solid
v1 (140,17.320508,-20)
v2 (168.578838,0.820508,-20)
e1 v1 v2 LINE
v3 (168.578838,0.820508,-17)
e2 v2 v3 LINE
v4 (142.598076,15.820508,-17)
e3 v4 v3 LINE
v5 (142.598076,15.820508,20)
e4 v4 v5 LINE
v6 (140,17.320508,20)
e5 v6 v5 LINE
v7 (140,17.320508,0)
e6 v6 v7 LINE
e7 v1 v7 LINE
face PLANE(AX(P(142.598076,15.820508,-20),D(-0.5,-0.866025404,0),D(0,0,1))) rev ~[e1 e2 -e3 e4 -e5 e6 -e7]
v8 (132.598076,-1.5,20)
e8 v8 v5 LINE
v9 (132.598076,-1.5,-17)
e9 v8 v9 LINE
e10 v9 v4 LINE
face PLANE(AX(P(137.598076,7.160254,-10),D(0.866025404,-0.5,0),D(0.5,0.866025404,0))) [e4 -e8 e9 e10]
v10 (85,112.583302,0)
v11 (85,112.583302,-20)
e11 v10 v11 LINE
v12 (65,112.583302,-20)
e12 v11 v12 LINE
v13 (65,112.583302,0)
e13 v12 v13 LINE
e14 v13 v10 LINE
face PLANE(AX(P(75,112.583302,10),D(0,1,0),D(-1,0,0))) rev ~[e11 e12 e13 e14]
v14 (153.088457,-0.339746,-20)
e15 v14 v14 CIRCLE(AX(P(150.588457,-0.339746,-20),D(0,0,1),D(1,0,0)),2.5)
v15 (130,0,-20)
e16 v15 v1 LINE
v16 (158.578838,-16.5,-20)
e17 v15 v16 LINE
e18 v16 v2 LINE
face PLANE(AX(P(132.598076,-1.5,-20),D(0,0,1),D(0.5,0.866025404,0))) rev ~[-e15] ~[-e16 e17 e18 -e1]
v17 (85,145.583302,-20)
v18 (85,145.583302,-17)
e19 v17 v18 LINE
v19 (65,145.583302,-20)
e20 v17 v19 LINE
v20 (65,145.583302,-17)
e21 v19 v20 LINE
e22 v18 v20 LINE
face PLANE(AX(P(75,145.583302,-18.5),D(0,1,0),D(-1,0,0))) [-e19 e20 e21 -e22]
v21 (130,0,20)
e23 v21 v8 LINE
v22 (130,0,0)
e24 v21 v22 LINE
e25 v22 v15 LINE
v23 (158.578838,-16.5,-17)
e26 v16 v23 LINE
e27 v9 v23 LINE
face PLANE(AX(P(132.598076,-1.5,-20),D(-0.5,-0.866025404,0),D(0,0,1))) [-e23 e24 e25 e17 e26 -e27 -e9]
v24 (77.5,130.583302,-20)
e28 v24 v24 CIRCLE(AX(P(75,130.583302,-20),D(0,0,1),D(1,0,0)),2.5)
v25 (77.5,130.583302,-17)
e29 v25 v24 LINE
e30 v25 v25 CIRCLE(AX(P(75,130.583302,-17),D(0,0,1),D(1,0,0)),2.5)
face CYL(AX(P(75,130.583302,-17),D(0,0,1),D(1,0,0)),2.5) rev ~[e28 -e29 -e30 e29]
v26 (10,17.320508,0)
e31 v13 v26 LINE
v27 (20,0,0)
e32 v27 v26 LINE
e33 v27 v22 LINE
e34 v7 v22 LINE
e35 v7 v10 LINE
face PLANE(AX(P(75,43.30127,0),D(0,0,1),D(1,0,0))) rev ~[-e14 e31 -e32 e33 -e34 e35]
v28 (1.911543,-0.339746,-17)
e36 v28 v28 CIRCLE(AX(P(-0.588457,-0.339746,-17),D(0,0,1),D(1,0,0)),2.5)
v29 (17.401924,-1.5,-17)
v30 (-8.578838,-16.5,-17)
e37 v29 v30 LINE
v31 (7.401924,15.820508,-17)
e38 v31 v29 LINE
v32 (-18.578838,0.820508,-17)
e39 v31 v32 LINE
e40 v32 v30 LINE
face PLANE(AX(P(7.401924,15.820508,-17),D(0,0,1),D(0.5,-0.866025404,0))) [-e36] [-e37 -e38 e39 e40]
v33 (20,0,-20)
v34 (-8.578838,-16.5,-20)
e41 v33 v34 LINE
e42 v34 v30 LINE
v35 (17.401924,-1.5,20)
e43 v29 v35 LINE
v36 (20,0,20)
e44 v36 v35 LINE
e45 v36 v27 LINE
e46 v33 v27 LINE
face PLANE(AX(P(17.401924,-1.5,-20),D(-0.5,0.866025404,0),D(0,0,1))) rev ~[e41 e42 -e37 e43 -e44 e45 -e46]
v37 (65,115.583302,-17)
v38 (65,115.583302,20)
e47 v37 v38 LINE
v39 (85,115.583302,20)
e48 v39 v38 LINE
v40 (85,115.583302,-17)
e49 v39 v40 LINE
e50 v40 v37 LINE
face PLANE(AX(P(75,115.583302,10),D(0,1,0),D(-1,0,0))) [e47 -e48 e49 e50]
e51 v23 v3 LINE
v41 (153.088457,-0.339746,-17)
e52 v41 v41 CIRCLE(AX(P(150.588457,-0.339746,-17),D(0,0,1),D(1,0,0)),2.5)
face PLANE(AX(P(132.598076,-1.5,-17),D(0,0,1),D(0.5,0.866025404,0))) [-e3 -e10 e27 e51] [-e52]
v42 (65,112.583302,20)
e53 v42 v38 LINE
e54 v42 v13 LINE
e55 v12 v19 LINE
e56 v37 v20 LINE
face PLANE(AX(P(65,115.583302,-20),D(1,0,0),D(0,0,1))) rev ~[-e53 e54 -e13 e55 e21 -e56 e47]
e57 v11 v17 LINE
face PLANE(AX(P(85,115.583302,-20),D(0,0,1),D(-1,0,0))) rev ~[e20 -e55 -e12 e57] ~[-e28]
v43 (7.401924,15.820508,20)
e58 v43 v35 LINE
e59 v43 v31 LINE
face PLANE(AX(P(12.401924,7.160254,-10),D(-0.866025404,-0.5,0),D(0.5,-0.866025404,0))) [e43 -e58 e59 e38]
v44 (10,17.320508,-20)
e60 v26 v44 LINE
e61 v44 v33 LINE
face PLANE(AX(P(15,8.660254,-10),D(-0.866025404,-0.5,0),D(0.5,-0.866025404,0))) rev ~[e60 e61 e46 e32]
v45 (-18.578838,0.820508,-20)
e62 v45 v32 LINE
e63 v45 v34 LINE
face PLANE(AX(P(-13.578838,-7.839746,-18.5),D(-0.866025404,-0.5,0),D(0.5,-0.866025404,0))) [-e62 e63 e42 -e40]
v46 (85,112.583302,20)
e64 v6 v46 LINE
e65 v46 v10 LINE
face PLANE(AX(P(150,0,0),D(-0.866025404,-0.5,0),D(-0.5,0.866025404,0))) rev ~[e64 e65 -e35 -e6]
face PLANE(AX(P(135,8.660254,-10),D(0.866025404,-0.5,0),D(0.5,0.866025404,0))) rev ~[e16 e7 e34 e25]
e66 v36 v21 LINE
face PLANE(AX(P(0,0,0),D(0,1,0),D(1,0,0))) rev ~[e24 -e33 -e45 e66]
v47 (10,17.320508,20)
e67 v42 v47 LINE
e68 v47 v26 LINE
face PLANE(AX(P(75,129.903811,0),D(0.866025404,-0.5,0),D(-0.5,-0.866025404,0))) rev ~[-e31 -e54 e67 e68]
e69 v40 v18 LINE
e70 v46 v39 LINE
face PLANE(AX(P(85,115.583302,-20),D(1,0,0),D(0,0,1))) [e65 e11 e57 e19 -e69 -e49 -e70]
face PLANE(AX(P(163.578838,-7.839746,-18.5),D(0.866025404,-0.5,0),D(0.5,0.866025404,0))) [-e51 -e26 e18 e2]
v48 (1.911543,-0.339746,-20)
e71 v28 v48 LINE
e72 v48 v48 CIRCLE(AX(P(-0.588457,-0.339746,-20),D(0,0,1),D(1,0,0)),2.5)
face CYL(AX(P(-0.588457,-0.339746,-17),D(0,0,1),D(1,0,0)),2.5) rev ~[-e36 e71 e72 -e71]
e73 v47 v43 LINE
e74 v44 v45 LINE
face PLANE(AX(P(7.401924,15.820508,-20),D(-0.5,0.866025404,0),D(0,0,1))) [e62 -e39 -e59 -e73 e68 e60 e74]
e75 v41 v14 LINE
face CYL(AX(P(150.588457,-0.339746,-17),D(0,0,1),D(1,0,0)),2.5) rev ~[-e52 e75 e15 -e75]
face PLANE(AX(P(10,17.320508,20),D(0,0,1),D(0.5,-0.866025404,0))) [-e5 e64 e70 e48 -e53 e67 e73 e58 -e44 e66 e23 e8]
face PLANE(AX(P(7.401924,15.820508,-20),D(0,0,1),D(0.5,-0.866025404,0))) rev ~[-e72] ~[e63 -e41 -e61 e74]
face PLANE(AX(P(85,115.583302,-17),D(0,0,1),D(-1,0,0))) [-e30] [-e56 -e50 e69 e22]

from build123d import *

# Parameters (mm, degrees)
F1_DEPTH  = 20
F3_DEPTH  = 20.001
F4_W      = 20
F4_H      = 20
F5_DEPTH  = 3
F6_W      = 20
F6_H      = 3
F7_DEPTH  = 30
F8_R      = 2.5
F9_DEPTH  = 3.001
F10_W     = 20
F10_H     = 20
F11_DEPTH = 3
F12_W     = 20
F12_H     = 3
F13_DEPTH = 30
F14_R     = 2.5
F15_DEPTH = 3.001
F16_W     = 20
F16_H     = 20
F17_DEPTH = 3
F18_W     = 20
F18_H     = 3
F19_DEPTH = 30
F20_R     = 2.5
F21_DEPTH = 3.001


with BuildPart() as f1:
    # F0 (on Top) → F1 (new body)
    with BuildSketch(Plane.XY):
        Polygon((0, 0), (150, 0), (75, 129.9038105677), align=None)
    extrude(amount=F1_DEPTH)

    # F2 (on face) → F3 (cut, through all)
    with BuildSketch(Plane.XY.offset(20)):
        Polygon((75, 129.9038105677), (65, 112.583302492), (85, 112.583302492), align=None)
        Polygon((20, 0), (10, 17.3205080757), (0, 0), align=None)
        Polygon((140, 17.3205080757), (130, 0), (150, 0), align=None)
    extrude(amount=-F3_DEPTH, mode=Mode.SUBTRACT)

    # F4 (on face) → F5 (join)
    with BuildSketch(Plane(origin=(97.5, -56.291651246, 0), x_dir=(0.5, 0.8660254038, 0), z_dir=(0.8660254038, -0.5, 0))):
        with Locations((75, -10)):
            Rectangle(F4_W, F4_H)
        with Locations((75, 10)):
            Rectangle(F4_W, F4_H)
    extrude(amount=F5_DEPTH)

    # F6 (on face) → F7 (join)
    with BuildSketch(Plane(origin=(100.0980762114, -57.791651246, 0), x_dir=(0.5, 0.8660254038, 0), z_dir=(0.8660254038, -0.5, 0))):
        with Locations((75, -18.5)):
            Rectangle(F6_W, F6_H)
    extrude(amount=F7_DEPTH)

    # F8 (on face) → F9 (cut, through all)
    with BuildSketch(Plane.XY.offset(-17)):
        with Locations((150.5884572681, -0.3397459622)):
            Circle(F8_R)
    extrude(amount=-F9_DEPTH, mode=Mode.SUBTRACT)

    # F10 (on face) → F11 (join)
    with BuildSketch(Plane(origin=(0, 112.583302492, 0), x_dir=(-1, 0, 0), z_dir=(0, 1, 0))):
        with Locations((-75, 10)):
            Rectangle(F10_W, F10_H)
        with Locations((-75, -10)):
            Rectangle(F10_W, F10_H)
    extrude(amount=F11_DEPTH)

    # F12 (on face) → F13 (join)
    with BuildSketch(Plane(origin=(0, 115.583302492, 0), x_dir=(-1, 0, 0), z_dir=(0, 1, 0))):
        with Locations((-75, -18.5)):
            Rectangle(F12_W, F12_H)
    extrude(amount=F13_DEPTH)

    # F14 (on face) → F15 (cut, through all)
    with BuildSketch(Plane.XY.offset(-17)):
        with Locations((75, 130.583302492)):
            Circle(F14_R)
    extrude(amount=-F15_DEPTH, mode=Mode.SUBTRACT)

    # F16 (on face) → F17 (join)
    with BuildSketch(Plane(origin=(15, 8.6602540378, 0), x_dir=(0.5, -0.8660254038, 0), z_dir=(-0.8660254038, -0.5, 0))):
        with Locations((0, -10)):
            Rectangle(F16_W, F16_H)
        with Locations((0, 10)):
            Rectangle(F16_W, F16_H)
    extrude(amount=F17_DEPTH)

    # F18 (on face) → F19 (join)
    with BuildSketch(Plane(origin=(12.4019237886, 7.1602540378, 0), x_dir=(0.5, -0.8660254038, 0), z_dir=(-0.8660254038, -0.5, 0))):
        with Locations((0, -18.5)):
            Rectangle(F18_W, F18_H)
    extrude(amount=F19_DEPTH)

    # F20 (on face) → F21 (cut, through all)
    with BuildSketch(Plane.XY.offset(-17)):
        with Locations((-0.5884572681, -0.3397459622)):
            Circle(F20_R)
    extrude(amount=-F21_DEPTH, mode=Mode.SUBTRACT)


solid = f1.part
